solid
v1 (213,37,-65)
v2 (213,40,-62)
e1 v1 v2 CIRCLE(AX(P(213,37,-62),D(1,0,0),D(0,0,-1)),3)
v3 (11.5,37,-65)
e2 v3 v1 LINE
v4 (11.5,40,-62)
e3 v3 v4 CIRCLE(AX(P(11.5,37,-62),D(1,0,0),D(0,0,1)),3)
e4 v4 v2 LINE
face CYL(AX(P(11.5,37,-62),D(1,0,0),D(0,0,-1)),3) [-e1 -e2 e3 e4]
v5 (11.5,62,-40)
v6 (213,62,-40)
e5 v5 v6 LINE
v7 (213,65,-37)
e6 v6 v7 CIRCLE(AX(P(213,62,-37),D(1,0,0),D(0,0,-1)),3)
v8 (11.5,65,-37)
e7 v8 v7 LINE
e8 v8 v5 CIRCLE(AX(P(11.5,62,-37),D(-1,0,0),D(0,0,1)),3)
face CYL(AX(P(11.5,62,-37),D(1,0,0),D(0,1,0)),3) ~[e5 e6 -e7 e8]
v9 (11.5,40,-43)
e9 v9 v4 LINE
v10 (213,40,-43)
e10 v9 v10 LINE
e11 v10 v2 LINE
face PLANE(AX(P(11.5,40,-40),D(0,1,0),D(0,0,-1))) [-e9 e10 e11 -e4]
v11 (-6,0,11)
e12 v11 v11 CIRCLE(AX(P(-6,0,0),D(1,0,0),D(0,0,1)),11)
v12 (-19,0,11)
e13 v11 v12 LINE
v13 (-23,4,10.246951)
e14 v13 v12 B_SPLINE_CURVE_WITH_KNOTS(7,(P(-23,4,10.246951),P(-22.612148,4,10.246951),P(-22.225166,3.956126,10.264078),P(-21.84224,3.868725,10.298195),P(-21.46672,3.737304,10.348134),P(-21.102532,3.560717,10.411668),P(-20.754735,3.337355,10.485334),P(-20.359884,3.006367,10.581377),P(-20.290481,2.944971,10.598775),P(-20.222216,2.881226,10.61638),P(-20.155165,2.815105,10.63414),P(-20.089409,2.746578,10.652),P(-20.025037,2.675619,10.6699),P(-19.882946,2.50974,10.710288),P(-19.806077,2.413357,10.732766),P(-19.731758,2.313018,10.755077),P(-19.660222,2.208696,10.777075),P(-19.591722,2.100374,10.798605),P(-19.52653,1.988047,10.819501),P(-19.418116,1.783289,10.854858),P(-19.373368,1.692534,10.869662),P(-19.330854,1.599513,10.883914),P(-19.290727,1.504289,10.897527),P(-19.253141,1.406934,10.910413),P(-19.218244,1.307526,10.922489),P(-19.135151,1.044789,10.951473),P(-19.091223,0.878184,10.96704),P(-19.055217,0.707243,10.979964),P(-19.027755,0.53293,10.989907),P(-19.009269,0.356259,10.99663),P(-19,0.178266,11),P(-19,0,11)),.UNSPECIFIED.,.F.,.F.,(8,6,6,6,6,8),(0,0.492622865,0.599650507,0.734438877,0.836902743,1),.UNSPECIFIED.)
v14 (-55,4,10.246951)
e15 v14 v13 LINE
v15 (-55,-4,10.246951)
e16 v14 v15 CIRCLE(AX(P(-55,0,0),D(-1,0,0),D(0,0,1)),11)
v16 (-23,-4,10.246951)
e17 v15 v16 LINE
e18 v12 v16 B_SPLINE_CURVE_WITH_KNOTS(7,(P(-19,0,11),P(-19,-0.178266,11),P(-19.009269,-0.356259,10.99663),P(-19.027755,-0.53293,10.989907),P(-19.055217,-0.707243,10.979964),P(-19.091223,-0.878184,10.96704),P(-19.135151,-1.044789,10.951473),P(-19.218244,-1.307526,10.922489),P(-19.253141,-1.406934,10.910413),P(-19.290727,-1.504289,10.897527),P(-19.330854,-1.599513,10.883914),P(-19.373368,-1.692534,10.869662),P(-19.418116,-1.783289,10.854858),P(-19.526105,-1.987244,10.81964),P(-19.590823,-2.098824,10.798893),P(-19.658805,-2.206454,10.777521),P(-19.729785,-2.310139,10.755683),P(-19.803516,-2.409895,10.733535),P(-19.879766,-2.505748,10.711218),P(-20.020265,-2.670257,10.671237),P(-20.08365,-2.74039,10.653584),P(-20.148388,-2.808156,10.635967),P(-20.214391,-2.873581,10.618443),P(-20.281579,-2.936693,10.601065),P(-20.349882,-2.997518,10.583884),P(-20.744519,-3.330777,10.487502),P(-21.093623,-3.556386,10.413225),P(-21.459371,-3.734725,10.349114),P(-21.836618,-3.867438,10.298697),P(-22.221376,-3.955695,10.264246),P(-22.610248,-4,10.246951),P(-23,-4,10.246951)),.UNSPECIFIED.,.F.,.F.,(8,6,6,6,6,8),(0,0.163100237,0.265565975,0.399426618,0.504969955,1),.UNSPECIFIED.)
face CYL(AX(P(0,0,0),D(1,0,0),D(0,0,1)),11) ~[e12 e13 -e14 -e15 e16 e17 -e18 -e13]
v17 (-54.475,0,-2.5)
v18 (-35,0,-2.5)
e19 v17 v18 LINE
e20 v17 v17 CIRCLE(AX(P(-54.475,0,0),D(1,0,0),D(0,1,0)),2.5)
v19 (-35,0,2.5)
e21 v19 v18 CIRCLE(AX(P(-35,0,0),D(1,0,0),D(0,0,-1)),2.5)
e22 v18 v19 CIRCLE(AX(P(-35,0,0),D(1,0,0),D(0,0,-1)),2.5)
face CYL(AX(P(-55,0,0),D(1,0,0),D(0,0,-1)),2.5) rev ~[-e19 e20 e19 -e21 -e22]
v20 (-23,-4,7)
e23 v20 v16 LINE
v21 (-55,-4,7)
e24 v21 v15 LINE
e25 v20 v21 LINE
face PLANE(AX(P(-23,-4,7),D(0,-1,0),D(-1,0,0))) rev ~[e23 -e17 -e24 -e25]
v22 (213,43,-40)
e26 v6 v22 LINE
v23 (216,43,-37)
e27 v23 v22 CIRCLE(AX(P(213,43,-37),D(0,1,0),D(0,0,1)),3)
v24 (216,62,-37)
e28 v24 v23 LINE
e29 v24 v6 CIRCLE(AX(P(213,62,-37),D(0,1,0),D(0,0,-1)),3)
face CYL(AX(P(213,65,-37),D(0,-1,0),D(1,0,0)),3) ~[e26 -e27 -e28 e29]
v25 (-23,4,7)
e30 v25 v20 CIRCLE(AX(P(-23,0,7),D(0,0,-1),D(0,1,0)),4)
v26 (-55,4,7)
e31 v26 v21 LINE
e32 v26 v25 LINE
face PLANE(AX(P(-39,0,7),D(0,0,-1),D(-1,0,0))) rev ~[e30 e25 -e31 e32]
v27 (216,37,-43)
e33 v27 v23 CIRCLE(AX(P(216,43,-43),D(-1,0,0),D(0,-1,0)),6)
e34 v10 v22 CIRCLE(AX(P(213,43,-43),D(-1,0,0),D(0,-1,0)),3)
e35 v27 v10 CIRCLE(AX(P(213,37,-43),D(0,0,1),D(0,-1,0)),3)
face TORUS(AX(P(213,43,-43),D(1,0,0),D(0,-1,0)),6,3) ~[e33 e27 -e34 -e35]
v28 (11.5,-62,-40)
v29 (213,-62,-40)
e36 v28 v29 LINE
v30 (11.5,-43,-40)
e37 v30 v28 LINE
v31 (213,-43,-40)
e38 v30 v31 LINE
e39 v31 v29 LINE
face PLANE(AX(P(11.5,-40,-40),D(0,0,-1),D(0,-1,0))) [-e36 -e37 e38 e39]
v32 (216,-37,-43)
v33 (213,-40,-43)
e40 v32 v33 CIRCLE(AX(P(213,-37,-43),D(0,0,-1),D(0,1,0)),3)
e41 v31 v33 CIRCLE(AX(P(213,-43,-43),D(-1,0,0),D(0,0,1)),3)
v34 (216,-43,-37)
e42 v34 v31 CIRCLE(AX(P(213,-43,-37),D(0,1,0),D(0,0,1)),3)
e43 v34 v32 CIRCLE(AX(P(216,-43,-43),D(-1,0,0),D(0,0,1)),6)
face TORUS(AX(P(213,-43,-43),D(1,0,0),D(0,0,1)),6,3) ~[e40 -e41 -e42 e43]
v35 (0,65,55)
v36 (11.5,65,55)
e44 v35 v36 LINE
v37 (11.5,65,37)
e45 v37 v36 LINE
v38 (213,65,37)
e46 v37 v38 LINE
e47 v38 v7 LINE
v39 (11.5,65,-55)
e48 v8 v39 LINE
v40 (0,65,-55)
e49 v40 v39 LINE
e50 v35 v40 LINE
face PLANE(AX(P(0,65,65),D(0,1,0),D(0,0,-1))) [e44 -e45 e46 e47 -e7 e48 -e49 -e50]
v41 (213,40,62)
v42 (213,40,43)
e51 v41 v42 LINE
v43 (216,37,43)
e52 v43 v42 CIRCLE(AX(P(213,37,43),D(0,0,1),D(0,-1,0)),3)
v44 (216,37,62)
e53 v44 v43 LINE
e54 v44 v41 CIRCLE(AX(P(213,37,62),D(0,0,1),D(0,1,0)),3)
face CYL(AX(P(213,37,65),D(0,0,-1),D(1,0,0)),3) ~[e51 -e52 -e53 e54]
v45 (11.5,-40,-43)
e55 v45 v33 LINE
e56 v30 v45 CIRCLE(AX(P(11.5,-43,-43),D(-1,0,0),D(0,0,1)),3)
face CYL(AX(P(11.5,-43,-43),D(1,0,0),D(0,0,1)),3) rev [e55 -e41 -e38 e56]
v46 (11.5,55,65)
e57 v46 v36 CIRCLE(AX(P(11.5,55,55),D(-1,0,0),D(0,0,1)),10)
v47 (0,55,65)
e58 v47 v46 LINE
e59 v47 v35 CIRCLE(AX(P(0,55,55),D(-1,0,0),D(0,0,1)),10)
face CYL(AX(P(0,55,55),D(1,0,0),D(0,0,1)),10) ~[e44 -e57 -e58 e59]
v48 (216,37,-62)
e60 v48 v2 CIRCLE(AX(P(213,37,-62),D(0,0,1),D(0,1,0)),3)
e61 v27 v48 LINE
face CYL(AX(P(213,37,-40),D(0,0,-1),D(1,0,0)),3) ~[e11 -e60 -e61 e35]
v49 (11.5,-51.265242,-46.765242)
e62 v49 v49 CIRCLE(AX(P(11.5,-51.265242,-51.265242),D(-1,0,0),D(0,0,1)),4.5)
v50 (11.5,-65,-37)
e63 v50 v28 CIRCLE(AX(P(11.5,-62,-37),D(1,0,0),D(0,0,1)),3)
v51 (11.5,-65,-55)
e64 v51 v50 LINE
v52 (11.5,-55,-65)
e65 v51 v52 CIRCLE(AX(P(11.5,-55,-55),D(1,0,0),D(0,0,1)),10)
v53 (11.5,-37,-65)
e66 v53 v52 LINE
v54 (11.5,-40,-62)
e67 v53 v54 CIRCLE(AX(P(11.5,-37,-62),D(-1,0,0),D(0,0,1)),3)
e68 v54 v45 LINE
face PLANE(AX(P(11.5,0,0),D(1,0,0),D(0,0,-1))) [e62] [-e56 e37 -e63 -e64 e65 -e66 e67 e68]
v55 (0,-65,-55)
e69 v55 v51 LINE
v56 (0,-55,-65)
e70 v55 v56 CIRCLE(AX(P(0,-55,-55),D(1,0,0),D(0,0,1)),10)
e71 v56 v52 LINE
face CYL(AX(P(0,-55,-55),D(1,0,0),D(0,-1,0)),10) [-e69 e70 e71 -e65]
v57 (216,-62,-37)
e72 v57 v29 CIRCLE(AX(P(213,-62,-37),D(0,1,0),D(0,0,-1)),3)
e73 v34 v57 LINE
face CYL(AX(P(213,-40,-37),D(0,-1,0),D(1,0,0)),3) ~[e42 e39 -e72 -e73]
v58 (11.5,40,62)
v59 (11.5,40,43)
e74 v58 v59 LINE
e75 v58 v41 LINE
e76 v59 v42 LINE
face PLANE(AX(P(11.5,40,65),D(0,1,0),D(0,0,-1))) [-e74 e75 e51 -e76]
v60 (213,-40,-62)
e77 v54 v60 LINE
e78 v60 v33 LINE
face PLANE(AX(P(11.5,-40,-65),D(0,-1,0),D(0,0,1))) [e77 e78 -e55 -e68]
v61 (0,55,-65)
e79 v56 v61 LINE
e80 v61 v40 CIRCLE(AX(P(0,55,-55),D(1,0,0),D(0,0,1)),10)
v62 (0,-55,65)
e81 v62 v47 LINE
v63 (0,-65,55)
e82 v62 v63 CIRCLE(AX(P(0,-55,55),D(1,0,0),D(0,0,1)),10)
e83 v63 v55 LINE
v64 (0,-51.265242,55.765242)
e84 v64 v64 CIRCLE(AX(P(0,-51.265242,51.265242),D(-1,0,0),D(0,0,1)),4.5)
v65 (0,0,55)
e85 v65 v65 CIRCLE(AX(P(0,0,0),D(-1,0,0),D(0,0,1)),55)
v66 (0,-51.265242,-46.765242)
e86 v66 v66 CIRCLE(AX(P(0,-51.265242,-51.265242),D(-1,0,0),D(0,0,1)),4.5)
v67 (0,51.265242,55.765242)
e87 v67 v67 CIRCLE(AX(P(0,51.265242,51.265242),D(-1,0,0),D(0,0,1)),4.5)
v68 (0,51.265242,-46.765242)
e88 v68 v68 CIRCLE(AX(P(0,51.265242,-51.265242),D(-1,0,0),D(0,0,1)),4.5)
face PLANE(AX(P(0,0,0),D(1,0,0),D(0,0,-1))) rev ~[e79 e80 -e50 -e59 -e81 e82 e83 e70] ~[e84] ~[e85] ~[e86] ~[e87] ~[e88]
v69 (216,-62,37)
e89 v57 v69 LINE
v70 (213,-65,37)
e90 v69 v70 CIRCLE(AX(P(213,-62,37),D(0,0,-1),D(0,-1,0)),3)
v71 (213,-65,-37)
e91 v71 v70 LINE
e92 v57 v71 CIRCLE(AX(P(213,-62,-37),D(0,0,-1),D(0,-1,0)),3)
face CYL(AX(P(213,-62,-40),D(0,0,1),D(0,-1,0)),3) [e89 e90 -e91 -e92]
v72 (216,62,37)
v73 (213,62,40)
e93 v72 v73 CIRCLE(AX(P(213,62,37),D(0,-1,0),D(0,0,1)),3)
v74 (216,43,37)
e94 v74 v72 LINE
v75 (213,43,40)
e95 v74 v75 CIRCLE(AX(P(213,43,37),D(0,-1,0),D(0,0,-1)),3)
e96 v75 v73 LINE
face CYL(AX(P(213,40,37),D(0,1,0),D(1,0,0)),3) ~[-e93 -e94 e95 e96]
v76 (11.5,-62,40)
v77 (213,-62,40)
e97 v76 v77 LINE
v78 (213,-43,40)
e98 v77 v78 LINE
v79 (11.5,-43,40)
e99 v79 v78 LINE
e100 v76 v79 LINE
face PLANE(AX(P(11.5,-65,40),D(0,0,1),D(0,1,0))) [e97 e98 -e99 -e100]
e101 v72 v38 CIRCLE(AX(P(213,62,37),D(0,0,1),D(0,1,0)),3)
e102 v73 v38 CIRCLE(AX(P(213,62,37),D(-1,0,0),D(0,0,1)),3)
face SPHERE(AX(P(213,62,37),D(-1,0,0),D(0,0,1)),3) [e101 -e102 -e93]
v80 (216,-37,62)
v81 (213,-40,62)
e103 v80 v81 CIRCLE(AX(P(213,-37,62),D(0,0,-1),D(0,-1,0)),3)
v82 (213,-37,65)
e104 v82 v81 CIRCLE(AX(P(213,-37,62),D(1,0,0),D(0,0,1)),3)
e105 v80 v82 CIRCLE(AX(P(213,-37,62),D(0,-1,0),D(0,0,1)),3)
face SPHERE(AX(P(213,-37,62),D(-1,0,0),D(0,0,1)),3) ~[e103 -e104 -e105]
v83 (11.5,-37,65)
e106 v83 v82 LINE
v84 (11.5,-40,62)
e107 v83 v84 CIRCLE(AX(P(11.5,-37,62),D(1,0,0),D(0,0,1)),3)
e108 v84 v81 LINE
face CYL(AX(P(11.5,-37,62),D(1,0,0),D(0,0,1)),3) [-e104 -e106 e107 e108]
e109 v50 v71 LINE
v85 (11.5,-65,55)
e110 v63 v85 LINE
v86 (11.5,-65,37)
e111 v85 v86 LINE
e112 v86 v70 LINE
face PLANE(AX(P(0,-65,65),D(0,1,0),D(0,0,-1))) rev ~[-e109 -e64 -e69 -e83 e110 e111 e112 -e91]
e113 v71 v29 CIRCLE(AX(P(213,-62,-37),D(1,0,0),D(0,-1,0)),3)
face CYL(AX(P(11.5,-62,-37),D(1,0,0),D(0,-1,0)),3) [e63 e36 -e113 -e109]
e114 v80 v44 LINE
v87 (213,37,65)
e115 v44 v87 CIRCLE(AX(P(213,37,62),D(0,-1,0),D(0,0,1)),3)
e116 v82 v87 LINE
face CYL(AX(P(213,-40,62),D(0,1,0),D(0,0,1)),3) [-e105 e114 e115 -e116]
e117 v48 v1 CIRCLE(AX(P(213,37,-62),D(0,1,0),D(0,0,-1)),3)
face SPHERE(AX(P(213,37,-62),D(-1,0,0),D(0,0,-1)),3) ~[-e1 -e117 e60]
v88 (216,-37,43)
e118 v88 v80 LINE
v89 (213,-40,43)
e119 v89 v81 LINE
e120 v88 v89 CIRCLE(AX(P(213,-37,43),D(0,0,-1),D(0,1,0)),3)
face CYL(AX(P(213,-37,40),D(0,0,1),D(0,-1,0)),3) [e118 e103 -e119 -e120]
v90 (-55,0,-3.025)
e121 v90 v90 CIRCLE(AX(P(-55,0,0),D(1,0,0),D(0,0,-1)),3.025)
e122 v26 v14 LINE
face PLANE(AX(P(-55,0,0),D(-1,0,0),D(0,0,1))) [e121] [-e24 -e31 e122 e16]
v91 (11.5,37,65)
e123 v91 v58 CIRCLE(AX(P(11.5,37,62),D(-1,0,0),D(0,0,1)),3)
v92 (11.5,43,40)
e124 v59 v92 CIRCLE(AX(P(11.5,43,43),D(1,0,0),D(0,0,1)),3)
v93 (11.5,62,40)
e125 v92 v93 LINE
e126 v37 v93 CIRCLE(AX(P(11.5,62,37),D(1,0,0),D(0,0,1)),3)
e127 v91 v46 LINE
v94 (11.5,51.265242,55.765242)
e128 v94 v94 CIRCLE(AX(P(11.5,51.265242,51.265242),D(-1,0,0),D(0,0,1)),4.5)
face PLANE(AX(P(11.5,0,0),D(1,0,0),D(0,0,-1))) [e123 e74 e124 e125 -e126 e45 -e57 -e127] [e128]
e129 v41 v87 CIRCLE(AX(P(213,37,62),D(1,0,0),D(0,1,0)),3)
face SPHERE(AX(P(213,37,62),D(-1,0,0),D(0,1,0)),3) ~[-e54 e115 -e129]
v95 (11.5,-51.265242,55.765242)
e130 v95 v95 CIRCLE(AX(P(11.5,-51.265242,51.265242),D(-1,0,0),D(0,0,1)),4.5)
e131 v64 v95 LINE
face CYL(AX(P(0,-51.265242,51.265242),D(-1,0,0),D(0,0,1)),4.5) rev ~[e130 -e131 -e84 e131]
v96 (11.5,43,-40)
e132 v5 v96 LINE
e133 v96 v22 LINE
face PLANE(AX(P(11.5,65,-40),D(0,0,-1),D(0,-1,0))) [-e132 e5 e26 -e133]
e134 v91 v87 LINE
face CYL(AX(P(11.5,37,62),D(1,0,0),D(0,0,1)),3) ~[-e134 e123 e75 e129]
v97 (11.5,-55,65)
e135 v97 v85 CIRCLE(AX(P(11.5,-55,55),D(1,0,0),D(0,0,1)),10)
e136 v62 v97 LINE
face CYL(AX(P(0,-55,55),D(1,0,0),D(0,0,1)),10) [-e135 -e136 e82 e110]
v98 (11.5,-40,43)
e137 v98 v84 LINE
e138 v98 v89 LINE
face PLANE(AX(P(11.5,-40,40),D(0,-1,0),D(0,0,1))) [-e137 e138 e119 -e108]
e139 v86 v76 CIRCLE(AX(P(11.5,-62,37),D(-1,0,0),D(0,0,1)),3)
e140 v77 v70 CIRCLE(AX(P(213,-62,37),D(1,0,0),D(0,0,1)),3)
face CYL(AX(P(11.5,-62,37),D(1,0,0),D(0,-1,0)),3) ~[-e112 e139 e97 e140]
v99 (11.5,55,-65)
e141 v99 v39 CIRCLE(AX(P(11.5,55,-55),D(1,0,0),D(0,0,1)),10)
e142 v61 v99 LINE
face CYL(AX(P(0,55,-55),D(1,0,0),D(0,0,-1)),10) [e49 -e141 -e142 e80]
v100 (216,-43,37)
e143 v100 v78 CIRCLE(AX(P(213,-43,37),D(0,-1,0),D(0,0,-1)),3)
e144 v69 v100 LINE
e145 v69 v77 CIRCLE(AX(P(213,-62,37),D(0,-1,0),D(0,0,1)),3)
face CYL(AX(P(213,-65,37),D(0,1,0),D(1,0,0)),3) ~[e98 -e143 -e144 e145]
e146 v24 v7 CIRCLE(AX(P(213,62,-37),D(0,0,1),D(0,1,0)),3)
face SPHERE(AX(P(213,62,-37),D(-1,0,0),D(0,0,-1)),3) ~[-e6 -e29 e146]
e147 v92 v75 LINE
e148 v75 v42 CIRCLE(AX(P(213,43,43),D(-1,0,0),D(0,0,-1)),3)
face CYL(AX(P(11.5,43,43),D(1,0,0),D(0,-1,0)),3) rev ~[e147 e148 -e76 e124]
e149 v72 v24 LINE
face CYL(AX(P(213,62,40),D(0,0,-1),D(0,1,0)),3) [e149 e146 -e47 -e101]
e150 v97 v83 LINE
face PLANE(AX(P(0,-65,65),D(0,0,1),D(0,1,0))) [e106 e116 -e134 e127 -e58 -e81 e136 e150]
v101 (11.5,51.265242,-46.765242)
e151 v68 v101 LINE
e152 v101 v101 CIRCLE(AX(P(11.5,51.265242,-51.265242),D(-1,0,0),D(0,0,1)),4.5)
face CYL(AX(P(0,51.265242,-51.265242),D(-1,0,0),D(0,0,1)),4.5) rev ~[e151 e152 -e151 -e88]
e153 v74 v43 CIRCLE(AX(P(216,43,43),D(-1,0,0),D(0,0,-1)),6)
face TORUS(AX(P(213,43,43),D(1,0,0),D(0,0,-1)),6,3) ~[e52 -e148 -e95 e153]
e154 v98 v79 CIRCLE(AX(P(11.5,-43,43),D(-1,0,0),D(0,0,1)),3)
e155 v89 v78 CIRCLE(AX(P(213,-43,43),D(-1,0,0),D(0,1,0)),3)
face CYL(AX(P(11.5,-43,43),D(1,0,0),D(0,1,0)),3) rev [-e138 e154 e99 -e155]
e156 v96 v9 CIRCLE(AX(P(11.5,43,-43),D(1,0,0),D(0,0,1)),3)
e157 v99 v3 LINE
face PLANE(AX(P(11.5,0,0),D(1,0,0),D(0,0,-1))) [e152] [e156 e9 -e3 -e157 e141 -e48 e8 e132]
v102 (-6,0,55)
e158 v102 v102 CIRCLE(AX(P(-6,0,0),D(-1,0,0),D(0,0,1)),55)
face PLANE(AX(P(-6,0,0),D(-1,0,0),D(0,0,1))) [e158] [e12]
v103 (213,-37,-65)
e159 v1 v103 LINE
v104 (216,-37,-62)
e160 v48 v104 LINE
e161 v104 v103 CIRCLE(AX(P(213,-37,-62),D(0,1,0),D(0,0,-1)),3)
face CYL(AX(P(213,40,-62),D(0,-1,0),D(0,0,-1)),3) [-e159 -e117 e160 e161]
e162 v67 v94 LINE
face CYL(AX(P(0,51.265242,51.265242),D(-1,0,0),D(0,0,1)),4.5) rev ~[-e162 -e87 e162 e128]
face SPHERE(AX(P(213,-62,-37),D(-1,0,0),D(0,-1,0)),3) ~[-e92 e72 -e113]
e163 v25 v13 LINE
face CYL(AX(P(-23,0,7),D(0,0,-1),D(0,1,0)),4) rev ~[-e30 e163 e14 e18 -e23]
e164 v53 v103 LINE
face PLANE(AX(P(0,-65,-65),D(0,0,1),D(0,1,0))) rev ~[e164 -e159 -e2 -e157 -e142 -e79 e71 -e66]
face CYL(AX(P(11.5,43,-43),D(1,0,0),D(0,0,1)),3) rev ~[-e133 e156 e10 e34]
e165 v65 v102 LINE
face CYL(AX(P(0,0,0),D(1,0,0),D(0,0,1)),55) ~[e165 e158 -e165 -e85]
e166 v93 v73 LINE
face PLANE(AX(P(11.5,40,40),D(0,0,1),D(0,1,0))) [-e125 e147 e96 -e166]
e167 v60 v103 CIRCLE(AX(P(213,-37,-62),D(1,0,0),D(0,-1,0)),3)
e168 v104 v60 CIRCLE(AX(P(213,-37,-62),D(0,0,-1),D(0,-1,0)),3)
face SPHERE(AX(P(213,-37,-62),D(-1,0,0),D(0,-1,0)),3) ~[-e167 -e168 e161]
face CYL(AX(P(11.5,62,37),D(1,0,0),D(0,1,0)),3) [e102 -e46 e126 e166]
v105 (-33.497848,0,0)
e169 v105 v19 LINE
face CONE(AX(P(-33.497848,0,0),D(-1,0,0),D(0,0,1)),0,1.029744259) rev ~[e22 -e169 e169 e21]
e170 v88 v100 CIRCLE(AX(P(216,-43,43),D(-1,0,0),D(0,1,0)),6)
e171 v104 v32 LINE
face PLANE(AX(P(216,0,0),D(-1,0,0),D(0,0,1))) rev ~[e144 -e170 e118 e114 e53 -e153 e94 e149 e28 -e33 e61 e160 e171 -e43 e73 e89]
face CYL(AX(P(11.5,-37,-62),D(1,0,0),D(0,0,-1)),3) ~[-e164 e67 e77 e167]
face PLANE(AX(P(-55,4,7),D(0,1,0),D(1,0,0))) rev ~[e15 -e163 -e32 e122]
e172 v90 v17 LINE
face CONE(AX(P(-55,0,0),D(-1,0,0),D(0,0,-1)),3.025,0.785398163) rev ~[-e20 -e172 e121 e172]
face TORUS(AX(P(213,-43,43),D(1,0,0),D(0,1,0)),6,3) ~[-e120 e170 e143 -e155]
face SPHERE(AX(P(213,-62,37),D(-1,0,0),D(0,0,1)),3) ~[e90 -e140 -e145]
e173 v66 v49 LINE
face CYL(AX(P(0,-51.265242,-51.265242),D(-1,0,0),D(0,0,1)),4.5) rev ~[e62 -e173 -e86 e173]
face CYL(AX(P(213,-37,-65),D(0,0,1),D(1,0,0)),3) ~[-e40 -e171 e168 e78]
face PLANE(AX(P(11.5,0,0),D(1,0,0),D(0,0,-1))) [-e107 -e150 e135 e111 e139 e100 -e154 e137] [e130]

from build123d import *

# Parameters (mm, degrees)
SKETCH1_W                       = 130
SKETCH1_H                       = 130
BOSS_EXTRUDE1_DEPTH             = 11.5
FILLET1_R                       = 10
BOSS_EXTRUDE2_DEPTH             = 204.5
SKETCH3_R                       = 55
BOSS_EXTRUDE3_DEPTH             = 6
SKETCH4_R                       = 11
BOSS_EXTRUDE4_DEPTH             = 55
CUT_EXTRUDE1_START              = 7
CUT_EXTRUDE1_DEPTH              = 113
M6X1_0_TAPPED_HOLE1_D           = 5
M6X1_0_TAPPED_HOLE1_DEPTH       = 20
M6X1_0_TAPPED_HOLE1_CSINK_D     = 6.05
M6X1_0_TAPPED_HOLE1_CSINK_ANGLE = 90
M6X1_0_TAPPED_HOLE1_TIP         = 1.502151548
SKETCH9_R                       = 4.5
CUT_EXTRUDE2_DEPTH              = 20
FILLET2_R                       = 3


with BuildPart() as part:
    # Sketch1 → Boss-Extrude1 (new body)
    with BuildSketch(Plane(origin=(0, 0, 0), x_dir=(0, 0, -1), z_dir=(1, 0, 0))):
        Rectangle(SKETCH1_W, SKETCH1_H)
    extrude(amount=BOSS_EXTRUDE1_DEPTH)

    # Fillet1
    fillet1_edges = [part.edges().sort_by_distance(p)[0] for p in [
        (5.75, -65, -65),
        (5.75, -65, 65),
        (5.75, 65, 65),
        (5.75, 65, -65),
    ]]
    fillet(fillet1_edges, radius=FILLET1_R)

    # Sketch2 → Boss-Extrude2 (add)
    with BuildSketch(Plane(origin=(11.5, 0, 0), x_dir=(0, 0, -1), z_dir=(1, 0, 0))):
        Polygon((-40, 65), (40, 65), (40, 40), (65, 40), (65, -40), (40, -40), (40, -65), (-40, -65), (-40, -40), (-65, -40), (-65, 40), (-40, 40), align=None)
    extrude(amount=BOSS_EXTRUDE2_DEPTH)

    # Sketch3 → Boss-Extrude3 (add)
    with BuildSketch(Plane.ZY):
        Circle(SKETCH3_R)
    extrude(amount=BOSS_EXTRUDE3_DEPTH)

    # Sketch4 → Boss-Extrude4 (add)
    with BuildSketch(Plane.ZY):
        Circle(SKETCH4_R)
    extrude(amount=BOSS_EXTRUDE4_DEPTH)

    # Sketch6 → Cut-Extrude1 (cut)
    with BuildSketch(Plane.XY.offset(CUT_EXTRUDE1_START)):
        with BuildLine():
            Line((-55, 4), (-23, 4))
            ThreePointArc((-23, 4), (-19, 0), (-23, -4))
            Line((-23, -4), (-55, -4))
            ThreePointArc((-55, -4), (-59, 0), (-55, 4))
        make_face()
    extrude(amount=CUT_EXTRUDE1_DEPTH, mode=Mode.SUBTRACT)

    # M6x1.0 Tapped Hole1
    with Locations(Plane.ZY.offset(55)):
        with Locations((0, 0)):
            CounterSinkHole(M6X1_0_TAPPED_HOLE1_D / 2, M6X1_0_TAPPED_HOLE1_CSINK_D / 2, depth=M6X1_0_TAPPED_HOLE1_DEPTH, counter_sink_angle=M6X1_0_TAPPED_HOLE1_CSINK_ANGLE)
            with Locations((0, 0, -(M6X1_0_TAPPED_HOLE1_DEPTH + M6X1_0_TAPPED_HOLE1_TIP / 2))):  # 118° drill point
                Cone(0, M6X1_0_TAPPED_HOLE1_D / 2, M6X1_0_TAPPED_HOLE1_TIP, mode=Mode.SUBTRACT)

    # Sketch9 → Cut-Extrude2 (cut)
    with BuildSketch(Plane.ZY):
        with Locations((51.265241636, 51.265241636)):
            Circle(SKETCH9_R)
        with Locations((51.265241636, -51.265241636)):
            Circle(SKETCH9_R)
        with Locations((-51.265241636, -51.265241636)):
            Circle(SKETCH9_R)
        with Locations((-51.265241636, 51.265241636)):
            Circle(SKETCH9_R)
    extrude(amount=-CUT_EXTRUDE2_DEPTH, mode=Mode.SUBTRACT)

    # Fillet2
    fillet2_edges = [part.edges().sort_by_distance(p)[0] for p in [
        (113.75, 65, 40),
        (113.75, 40, 40),
        (113.75, 40, 65),
        (113.75, -40, 65),
        (113.75, -40, 40),
        (113.75, -65, 40),
        (113.75, -65, -40),
        (113.75, -40, -40),
        (113.75, -40, -65),
        (113.75, 40, -65),
        (113.75, 40, -40),
        (113.75, 65, -40),
        (216, 52.5, 40),
        (216, 40, 52.5),
        (216, 0, 65),
        (216, -40, 52.5),
        (216, -52.5, 40),
        (216, -65, 0),
        (216, -52.5, -40),
        (216, -40, -52.5),
        (216, 0, -65),
        (216, 40, -52.5),
        (216, 52.5, -40),
        (216, 65, 0),
    ]]
    fillet(fillet2_edges, radius=FILLET2_R)


solid = part.part
